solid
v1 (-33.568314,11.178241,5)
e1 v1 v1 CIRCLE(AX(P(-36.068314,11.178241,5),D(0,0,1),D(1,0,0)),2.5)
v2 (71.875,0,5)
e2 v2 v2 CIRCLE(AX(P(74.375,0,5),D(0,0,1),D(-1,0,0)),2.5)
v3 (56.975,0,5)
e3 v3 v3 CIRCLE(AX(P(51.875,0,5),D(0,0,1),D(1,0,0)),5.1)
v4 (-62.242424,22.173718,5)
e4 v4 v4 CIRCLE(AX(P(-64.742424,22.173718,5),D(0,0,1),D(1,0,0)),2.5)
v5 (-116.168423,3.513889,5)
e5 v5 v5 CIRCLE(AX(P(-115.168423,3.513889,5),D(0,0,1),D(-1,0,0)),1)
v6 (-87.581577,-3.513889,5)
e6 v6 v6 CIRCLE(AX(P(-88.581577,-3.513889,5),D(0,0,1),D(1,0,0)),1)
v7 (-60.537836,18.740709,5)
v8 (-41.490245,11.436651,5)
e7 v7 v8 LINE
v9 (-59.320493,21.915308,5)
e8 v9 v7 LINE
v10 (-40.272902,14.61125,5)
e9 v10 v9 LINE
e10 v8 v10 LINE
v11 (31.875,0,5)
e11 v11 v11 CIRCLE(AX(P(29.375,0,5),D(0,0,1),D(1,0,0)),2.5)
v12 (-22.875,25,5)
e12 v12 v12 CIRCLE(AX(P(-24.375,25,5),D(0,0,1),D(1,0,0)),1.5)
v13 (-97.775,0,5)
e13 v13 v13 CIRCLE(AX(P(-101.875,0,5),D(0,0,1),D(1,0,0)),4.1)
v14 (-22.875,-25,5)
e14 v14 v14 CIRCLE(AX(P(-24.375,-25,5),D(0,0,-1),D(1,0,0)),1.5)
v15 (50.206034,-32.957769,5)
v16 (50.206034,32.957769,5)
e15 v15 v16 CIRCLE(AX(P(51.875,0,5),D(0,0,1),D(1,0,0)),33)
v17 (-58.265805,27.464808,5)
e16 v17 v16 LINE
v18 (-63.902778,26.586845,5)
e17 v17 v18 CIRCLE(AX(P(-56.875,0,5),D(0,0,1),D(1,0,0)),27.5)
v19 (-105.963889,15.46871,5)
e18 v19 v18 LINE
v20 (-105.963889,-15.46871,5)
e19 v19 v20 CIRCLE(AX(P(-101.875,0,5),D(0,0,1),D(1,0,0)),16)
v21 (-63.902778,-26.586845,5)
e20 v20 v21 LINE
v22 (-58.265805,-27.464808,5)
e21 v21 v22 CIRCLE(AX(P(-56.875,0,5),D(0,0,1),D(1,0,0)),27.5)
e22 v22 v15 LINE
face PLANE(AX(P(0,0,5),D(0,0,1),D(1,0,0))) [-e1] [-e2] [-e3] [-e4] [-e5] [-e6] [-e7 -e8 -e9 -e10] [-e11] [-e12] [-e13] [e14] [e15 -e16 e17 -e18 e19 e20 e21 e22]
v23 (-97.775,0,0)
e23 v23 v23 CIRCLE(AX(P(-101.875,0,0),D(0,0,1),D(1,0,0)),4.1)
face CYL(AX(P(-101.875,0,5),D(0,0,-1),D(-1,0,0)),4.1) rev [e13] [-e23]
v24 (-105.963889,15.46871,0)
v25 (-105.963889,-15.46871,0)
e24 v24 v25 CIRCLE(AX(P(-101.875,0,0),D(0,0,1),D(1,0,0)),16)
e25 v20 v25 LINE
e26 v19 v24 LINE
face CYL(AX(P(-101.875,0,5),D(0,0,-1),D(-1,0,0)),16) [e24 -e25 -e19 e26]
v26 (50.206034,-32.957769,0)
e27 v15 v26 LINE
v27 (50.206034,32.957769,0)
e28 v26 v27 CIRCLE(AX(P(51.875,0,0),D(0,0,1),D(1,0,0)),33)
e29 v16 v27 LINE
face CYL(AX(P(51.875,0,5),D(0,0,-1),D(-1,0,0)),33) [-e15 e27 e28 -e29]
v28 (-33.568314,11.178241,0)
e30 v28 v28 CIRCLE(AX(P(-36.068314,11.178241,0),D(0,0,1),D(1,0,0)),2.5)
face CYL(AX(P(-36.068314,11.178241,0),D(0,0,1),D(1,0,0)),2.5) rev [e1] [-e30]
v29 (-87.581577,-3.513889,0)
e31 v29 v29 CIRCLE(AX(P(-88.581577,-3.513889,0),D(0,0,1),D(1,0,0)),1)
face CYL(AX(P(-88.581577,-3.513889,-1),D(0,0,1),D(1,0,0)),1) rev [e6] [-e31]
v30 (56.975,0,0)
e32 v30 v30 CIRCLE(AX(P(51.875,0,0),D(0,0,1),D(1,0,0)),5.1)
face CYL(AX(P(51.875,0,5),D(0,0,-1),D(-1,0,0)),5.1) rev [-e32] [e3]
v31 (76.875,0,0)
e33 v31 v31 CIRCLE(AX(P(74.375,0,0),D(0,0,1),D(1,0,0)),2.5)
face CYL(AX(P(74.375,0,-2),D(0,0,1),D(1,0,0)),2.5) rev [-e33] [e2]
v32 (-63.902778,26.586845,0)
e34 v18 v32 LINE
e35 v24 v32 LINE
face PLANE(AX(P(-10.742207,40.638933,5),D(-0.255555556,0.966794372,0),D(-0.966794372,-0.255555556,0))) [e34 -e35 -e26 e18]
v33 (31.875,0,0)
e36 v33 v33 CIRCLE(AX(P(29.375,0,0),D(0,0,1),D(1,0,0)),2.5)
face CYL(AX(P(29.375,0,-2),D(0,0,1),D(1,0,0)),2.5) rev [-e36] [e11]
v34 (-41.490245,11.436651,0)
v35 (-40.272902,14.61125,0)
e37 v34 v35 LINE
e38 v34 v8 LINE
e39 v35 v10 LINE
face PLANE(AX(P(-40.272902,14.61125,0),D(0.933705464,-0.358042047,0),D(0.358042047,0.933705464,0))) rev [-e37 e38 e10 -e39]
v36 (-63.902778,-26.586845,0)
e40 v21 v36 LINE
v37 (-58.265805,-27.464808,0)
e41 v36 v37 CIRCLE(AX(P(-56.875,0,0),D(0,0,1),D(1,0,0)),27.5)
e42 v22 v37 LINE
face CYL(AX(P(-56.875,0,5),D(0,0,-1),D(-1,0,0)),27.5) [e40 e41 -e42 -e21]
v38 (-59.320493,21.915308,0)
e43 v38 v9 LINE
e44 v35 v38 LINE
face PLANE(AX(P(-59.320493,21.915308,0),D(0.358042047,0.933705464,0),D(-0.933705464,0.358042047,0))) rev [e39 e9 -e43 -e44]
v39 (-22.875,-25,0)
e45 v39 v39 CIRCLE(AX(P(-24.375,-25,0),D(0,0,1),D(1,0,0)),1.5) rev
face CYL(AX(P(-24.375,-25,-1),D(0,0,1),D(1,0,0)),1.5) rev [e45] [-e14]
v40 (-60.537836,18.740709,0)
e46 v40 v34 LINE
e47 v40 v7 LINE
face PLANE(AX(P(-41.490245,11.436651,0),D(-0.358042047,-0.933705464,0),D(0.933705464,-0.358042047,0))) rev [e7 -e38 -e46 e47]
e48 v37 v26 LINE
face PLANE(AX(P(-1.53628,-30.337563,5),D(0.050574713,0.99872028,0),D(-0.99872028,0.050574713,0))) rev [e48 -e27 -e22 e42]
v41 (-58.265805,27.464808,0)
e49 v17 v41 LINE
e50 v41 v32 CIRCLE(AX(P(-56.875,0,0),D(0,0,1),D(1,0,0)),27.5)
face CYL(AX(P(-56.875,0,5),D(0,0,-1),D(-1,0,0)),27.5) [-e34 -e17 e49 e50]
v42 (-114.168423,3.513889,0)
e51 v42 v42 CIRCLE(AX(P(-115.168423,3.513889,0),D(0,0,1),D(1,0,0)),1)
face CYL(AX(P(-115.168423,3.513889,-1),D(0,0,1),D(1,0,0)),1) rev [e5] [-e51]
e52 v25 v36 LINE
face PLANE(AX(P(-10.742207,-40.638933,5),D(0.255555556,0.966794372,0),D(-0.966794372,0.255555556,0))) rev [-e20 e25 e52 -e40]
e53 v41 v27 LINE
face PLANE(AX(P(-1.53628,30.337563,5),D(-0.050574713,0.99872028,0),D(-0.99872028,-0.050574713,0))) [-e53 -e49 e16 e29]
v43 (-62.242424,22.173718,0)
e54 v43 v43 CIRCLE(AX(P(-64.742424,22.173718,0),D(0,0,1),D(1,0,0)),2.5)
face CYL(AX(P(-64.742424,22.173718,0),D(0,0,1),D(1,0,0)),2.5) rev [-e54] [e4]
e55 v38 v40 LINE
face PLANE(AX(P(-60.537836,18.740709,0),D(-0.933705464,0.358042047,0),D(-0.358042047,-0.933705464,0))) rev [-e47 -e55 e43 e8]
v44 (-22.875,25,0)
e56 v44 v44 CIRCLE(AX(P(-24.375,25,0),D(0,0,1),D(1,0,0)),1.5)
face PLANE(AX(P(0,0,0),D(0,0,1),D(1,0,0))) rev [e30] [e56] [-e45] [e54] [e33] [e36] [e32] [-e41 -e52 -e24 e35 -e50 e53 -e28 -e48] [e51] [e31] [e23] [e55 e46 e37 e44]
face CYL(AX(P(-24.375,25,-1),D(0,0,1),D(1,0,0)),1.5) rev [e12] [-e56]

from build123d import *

# Parameters (mm, degrees)
SKETCH1_R           = 16
SKETCH1_R_2         = 4.1
SKETCH1_R_3         = 5.1
BOSS_EXTRUDE1_DEPTH = 5
SKETCH7_R           = 2.5
CUT_EXTRUDE1_DEPTH  = 7
BOSS_EXTRUDE6_DEPTH = 8
SKETCH9_R           = 1.5
CUT_EXTRUDE2_DEPTH  = 6
SKETCH10_R          = 2.5
BOSS_EXTRUDE7_DEPTH = 5
CUT_EXTRUDE4_START  = -10
SKETCH12_R          = 2.5
CUT_EXTRUDE4_DEPTH  = 10
SKETCH11_R          = 1
CUT_EXTRUDE3_DEPTH  = 6
CUT_EXTRUDE5_START  = 5
CUT_EXTRUDE5_DEPTH  = 5


with BuildPart() as part:
    # Sketch1 → Boss-Extrude1 (new body)
    # profile 1 of 3: a face of its own
    with BuildSketch(Plane.XY):
        with BuildLine():
            ThreePointArc((-63.902777778, -26.586845234), (-84.375, 0), (-63.902777778, 26.586845234))
            Line((-63.902777778, 26.586845234), (-105.963888889, 15.468709954))
            ThreePointArc((-105.963888889, 15.468709954), (-92.113397217, 12.677188612), (-85.875, 0))
            ThreePointArc((-85.875, 0), (-92.113397217, -12.677188612), (-105.963888889, -15.468709954))
            Line((-105.963888889, -15.468709954), (-63.902777778, -26.586845234))
        make_face()
    # profile 2 of 3: a face of its own
    with BuildSketch(Plane.XY):
        with Locations((-101.875, 0)):
            Circle(SKETCH1_R)
        with Locations((-101.875, 0)):
            Circle(SKETCH1_R_2, mode=Mode.SUBTRACT)
    # profile 3 of 3: a face of its own
    with BuildSketch(Plane.XY):
        with BuildLine():
            Line((-58.265804598, 27.46480771), (50.206034483, 32.957769253))
            ThreePointArc((50.206034483, 32.957769253), (84.875, 0), (50.206034483, -32.957769253))
            Line((50.206034483, -32.957769253), (-58.265804598, -27.46480771))
            ThreePointArc((-58.265804598, -27.46480771), (-84.375, 0), (-58.265804598, 27.46480771))
        make_face()
        with Locations((51.875, 0)):
            Circle(SKETCH1_R_3, mode=Mode.SUBTRACT)
    extrude(amount=BOSS_EXTRUDE1_DEPTH)

    # Sketch7 → Cut-Extrude1 (cut)
    with BuildSketch(Plane.XY.offset(5)):
        with Locations((29.375, 0)):
            Circle(SKETCH7_R)
        with Locations((74.375, 0)):
            Circle(SKETCH7_R)
    extrude(amount=-CUT_EXTRUDE1_DEPTH, mode=Mode.SUBTRACT)

    # Sketch8 → Boss-Extrude6 (add)
    with BuildSketch(Plane.XY.offset(5)):
        Polygon((-26.375, 28.464101615), (-28.375, 25), (-26.375, 21.535898385), (-22.375, 21.535898385), (-20.375, 25), (-22.375, 28.464101615), align=None)
        Polygon((-25.991580754, 27.8), (-27.608161507, 25), (-25.991580754, 22.2), (-22.758419246, 22.2), (-21.141838493, 25), (-22.758419246, 27.8), align=None, mode=Mode.SUBTRACT)
    boss_extrude6 = extrude(amount=-BOSS_EXTRUDE6_DEPTH)

    # Sketch9 → Cut-Extrude2 (cut)
    with BuildSketch(Plane.XY.offset(5)):
        with Locations((-24.375, 25)):
            Circle(SKETCH9_R)
    cut_extrude2 = extrude(amount=-CUT_EXTRUDE2_DEPTH, mode=Mode.SUBTRACT)

    # Mirror1: Boss-Extrude6 across plane
    add(boss_extrude6.mirror(Plane.ZX))

    # Mirror2: Cut-Extrude2 across plane
    add(cut_extrude2.mirror(Plane.ZX), mode=Mode.SUBTRACT)

    # Sketch10 → Boss-Extrude7 (add)
    with BuildSketch(Plane.XY.offset(5)):
        with Locations((-36.06831441, 11.178241177)):
            Circle(SKETCH10_R)
        with Locations(Location((-64.742423683, 22.173717984, 0), (0, 0, 180))):
            Circle(SKETCH10_R)
        Polygon((-41.60537748, 11.695000918), (-60.279486753, 18.855841852), (-59.205360613, 21.656958243), (-40.53125134, 14.496117309), align=None)
    extrude(amount=BOSS_EXTRUDE7_DEPTH)

    # Sketch12 → Cut-Extrude4 (cut)
    with BuildSketch(Plane.XY.offset(10).offset(CUT_EXTRUDE4_START)):
        with Locations((-36.06831441, 11.178241177)):
            Circle(SKETCH12_R)
        with Locations((-64.742423683, 22.173717984)):
            Circle(SKETCH12_R)
        Polygon((-59.320493296, 21.915307745), (-40.272901838, 14.611249993), (-41.490244797, 11.436651416), (-60.537836255, 18.740709168), align=None)
    extrude(amount=CUT_EXTRUDE4_DEPTH, mode=Mode.SUBTRACT)

    # Sketch11 → Cut-Extrude3 (cut)
    with BuildSketch(Plane.XY.offset(5)):
        with Locations((-88.581577383, -3.513888889)):
            Circle(SKETCH11_R)
        with Locations((-115.168422617, 3.513888889)):
            Circle(SKETCH11_R)
    extrude(amount=-CUT_EXTRUDE3_DEPTH, mode=Mode.SUBTRACT)

    # Sketch13 → Cut-Extrude5 (cut)
    with BuildSketch(Plane(origin=(0, 0, 0), x_dir=(-1, 0, 0), z_dir=(0, 0, -1)).offset(CUT_EXTRUDE5_START)):
        with BuildLine():
            Line((105.963888889, 15.468709954), (63.902777778, 26.586845234))
            ThreePointArc((63.902777778, 26.586845234), (61.107119662, 27.172397082), (58.265804598, 27.46480771))
            Line((58.265804598, 27.46480771), (-50.206034483, 32.957769253))
            ThreePointArc((-50.206034483, 32.957769253), (-84.875, 0), (-50.206034483, -32.957769253))
            Line((-50.206034483, -32.957769253), (58.265804598, -27.46480771))
            ThreePointArc((58.265804598, -27.46480771), (61.107119662, -27.172397082), (63.902777778, -26.586845234))
            Line((63.902777778, -26.586845234), (105.963888889, -15.468709954))
            ThreePointArc((105.963888889, -15.468709954), (117.875, 0), (105.963888889, 15.468709954))
        make_face()
    extrude(amount=-CUT_EXTRUDE5_DEPTH, mode=Mode.SUBTRACT)


solid = part.part
